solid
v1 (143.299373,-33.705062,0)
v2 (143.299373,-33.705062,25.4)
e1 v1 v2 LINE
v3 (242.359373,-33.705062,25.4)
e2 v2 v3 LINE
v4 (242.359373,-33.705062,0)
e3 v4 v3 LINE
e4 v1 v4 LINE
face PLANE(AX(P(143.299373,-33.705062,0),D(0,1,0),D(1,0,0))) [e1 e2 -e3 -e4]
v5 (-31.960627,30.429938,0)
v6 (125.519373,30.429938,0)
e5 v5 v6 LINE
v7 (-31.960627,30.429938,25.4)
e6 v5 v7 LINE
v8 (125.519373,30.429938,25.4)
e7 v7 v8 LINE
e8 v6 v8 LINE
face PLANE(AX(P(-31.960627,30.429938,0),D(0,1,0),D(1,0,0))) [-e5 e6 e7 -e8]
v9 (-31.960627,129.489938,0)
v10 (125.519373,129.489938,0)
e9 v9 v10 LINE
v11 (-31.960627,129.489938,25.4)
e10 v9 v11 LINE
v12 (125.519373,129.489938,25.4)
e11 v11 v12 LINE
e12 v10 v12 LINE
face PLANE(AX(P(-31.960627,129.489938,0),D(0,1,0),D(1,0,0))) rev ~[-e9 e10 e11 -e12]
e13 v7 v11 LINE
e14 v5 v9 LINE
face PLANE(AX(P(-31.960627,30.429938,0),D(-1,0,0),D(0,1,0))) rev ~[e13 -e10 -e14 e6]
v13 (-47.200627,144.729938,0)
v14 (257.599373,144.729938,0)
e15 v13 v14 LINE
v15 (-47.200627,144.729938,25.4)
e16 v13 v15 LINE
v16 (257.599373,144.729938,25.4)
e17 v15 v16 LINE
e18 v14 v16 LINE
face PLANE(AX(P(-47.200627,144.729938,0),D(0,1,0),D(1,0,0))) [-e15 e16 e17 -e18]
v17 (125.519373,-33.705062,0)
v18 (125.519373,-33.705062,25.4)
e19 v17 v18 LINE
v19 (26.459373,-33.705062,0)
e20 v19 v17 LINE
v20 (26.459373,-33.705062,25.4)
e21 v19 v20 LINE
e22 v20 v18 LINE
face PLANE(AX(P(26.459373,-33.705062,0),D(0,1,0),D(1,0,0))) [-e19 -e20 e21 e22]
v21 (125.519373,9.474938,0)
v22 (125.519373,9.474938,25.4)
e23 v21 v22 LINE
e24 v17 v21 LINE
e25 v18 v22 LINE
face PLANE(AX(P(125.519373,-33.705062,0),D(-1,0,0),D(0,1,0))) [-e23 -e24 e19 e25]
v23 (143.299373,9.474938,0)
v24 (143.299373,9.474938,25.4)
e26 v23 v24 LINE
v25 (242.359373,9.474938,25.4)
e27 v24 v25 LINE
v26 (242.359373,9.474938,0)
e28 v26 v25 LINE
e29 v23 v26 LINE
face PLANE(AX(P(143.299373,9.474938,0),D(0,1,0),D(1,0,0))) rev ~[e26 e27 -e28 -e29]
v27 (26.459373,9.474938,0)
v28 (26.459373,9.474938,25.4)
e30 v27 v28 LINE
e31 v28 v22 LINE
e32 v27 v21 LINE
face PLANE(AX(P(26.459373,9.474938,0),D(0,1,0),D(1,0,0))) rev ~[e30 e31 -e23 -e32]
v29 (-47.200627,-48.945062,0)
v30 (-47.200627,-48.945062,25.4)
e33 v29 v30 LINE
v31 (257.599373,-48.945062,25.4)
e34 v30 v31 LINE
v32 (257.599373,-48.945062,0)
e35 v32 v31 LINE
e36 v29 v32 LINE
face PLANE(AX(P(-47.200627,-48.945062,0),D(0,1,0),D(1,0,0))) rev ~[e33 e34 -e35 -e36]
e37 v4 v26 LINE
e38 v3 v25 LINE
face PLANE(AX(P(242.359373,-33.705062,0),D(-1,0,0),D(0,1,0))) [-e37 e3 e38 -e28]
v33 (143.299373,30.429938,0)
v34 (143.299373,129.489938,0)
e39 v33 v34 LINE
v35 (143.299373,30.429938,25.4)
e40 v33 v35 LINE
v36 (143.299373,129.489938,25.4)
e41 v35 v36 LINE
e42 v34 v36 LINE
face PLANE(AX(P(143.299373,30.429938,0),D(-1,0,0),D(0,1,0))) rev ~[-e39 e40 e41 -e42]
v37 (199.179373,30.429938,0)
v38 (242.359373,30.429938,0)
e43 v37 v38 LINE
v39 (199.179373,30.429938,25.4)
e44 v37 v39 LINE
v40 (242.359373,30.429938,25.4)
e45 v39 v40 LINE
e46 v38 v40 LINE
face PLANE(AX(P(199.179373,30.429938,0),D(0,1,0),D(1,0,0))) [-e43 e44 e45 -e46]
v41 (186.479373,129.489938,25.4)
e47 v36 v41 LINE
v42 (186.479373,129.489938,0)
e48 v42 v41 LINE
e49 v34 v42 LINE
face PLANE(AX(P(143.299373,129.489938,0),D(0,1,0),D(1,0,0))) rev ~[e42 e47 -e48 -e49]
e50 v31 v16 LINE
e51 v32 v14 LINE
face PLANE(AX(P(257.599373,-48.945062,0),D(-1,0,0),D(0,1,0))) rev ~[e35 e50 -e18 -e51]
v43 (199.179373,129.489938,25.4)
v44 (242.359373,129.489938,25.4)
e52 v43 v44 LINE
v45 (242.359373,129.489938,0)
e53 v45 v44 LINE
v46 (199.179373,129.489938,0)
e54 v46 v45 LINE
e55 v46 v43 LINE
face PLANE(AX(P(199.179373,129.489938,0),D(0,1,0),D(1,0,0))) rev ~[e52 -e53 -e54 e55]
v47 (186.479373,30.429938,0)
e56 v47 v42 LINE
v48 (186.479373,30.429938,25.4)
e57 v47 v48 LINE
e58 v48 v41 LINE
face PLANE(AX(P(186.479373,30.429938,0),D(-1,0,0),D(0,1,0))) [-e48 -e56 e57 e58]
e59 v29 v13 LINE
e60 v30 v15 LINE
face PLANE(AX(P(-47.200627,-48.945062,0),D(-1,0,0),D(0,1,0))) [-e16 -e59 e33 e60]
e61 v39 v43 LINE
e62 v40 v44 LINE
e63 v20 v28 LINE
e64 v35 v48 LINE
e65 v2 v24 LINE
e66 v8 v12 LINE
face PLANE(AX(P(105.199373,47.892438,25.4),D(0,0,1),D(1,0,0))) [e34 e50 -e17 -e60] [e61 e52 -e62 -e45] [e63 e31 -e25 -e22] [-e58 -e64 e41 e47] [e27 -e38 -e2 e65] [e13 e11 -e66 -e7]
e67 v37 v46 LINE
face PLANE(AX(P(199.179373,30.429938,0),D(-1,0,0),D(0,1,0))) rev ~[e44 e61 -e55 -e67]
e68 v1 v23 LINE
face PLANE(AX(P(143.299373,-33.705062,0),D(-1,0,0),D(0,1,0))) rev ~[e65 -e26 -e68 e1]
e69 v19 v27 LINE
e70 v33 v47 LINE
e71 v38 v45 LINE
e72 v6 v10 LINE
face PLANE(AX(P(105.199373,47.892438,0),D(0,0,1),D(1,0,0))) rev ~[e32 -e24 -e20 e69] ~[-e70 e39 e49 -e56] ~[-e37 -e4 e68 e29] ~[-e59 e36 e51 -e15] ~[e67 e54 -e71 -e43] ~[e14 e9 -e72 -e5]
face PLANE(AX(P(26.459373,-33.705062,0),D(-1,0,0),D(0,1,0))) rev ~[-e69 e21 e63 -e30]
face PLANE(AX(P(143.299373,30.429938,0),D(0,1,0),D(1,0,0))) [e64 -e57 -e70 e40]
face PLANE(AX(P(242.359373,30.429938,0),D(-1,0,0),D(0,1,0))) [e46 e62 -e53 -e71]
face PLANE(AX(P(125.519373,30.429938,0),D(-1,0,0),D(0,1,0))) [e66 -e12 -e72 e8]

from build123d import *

# Parameters (mm, degrees)
F0_W     = 304.8
F0_H     = 193.675
F0_W_2   = 99.06
F0_H_2   = 43.18
F0_W_3   = 157.48
F0_H_3   = 99.06
F0_W_4   = 43.18
F1_DEPTH = 25.4


with BuildPart() as f1:
    # F0 (on Top) → F1 (new body)
    with BuildSketch(Plane.XY):
        with Locations((105.199373, 47.892438)):
            Rectangle(F0_W, F0_H)
        with Locations((75.989373, -12.115062)):
            Rectangle(F0_W_2, F0_H_2, mode=Mode.SUBTRACT)
        with Locations((192.829373, -12.115062)):
            Rectangle(F0_W_2, F0_H_2, mode=Mode.SUBTRACT)
        with Locations((46.779373, 79.959938)):
            Rectangle(F0_W_3, F0_H_3, mode=Mode.SUBTRACT)
        with Locations((164.889373, 79.959938)):
            Rectangle(F0_W_4, F0_H_3, mode=Mode.SUBTRACT)
        with Locations((220.769373, 79.959938)):
            Rectangle(F0_W_4, F0_H_3, mode=Mode.SUBTRACT)
    extrude(amount=F1_DEPTH)


solid = f1.part
